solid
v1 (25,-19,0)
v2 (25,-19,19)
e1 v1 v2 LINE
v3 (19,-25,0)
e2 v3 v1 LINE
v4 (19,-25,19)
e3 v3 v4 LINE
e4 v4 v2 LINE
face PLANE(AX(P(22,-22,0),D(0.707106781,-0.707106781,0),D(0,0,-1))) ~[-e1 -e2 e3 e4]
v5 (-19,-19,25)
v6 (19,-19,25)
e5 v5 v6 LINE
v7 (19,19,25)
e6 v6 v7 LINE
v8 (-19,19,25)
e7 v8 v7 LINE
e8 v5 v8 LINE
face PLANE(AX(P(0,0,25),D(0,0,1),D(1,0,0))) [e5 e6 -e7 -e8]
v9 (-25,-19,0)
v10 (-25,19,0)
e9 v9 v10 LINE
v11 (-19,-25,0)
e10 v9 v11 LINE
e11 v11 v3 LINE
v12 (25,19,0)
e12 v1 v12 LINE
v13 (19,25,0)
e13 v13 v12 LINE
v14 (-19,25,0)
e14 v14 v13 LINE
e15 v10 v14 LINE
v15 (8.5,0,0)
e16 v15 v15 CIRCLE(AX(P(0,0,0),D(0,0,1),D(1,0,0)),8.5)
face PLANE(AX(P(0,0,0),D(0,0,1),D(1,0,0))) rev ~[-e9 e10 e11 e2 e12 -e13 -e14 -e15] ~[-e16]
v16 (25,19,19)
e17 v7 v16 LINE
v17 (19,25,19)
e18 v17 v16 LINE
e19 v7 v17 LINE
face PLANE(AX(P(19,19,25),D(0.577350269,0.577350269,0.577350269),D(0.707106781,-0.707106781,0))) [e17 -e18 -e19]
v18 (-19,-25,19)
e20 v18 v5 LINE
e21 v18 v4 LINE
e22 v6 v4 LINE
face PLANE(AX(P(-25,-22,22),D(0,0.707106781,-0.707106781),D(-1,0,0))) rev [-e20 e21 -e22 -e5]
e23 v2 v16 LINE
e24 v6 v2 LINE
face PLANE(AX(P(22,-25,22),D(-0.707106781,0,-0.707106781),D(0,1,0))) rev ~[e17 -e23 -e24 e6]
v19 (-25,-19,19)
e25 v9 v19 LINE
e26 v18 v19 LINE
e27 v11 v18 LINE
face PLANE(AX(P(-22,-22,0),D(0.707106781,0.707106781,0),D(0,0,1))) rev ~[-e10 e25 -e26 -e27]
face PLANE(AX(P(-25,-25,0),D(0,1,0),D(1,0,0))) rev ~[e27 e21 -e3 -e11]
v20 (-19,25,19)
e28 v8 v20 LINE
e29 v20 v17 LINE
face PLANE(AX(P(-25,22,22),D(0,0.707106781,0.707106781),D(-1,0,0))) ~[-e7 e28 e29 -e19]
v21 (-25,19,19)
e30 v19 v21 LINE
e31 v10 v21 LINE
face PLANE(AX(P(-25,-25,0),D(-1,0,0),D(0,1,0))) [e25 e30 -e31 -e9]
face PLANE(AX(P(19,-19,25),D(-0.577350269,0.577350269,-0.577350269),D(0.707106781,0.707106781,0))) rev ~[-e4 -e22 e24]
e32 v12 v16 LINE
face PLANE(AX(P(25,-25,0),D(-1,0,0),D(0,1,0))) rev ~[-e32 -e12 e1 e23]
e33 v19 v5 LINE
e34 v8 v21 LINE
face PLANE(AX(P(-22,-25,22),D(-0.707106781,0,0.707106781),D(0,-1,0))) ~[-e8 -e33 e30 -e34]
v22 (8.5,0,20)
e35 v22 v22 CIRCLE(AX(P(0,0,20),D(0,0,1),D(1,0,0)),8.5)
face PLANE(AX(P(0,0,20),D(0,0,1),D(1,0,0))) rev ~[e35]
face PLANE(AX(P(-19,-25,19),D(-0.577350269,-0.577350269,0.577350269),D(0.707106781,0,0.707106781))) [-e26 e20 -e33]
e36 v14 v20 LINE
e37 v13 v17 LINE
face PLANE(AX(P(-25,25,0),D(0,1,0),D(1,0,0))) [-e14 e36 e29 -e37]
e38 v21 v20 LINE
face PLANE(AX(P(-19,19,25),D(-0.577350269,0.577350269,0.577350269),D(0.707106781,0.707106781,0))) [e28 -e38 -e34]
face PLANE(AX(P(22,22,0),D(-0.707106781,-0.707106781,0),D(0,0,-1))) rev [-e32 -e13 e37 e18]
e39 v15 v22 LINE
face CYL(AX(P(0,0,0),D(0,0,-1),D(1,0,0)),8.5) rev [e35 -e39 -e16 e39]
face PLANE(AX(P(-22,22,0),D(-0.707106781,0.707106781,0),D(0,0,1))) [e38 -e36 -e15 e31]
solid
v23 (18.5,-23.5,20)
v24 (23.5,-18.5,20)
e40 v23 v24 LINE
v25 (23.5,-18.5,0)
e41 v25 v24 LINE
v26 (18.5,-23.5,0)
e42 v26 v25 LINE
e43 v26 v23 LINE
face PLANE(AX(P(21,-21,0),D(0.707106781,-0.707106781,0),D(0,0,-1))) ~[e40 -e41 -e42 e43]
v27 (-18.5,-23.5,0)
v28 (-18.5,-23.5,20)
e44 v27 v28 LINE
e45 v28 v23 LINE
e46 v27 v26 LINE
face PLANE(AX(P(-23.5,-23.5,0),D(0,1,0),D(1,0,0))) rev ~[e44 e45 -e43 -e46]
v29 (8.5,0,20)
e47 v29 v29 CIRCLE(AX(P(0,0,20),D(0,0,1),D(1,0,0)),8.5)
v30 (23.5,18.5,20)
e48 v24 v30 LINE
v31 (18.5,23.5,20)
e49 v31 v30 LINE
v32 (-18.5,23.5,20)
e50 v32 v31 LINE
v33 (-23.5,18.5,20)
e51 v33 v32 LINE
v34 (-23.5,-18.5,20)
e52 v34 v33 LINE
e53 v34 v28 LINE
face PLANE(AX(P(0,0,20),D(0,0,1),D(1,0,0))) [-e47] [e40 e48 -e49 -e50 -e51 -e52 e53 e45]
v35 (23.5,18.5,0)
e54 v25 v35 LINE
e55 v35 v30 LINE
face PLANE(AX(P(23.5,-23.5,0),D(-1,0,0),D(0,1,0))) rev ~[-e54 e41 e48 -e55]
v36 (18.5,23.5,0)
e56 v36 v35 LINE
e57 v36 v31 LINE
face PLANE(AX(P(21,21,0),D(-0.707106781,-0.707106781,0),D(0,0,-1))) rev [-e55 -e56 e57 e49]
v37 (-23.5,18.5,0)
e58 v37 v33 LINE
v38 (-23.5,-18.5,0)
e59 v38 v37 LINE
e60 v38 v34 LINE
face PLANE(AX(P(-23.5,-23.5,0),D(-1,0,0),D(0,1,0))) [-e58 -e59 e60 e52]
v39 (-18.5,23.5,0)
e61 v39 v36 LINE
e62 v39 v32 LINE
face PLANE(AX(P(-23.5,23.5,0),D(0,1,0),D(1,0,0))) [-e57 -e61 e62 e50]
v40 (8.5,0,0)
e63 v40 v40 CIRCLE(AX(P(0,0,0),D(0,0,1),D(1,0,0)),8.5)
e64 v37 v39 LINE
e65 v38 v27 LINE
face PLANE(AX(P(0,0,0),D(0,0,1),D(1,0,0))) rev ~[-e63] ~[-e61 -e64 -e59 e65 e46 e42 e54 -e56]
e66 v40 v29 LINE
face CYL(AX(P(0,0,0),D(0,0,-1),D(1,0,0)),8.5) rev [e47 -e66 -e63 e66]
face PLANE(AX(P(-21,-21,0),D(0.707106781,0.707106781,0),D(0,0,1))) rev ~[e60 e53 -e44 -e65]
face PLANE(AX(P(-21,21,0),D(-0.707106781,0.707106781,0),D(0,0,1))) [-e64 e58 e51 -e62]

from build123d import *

# Parameters (mm, degrees)
F1_W     = 50
F1_H     = 50
F3_DEPTH = 25
F0_W     = 47
F0_H     = 47
F0_R     = 8.5
F4_DEPTH = 20
F2_R     = 8.5
F5_DEPTH = 20
F6_SIZE  = 6
F7_SIZE  = 5


with BuildPart() as f3:
    # F1 (on Top) → F3 (new body)
    with BuildSketch(Plane.XY):
        Rectangle(F1_W, F1_H)
    extrude(amount=F3_DEPTH)

    # F2 (on Top) → F5 (cut)
    with BuildSketch(Plane.XY):
        Circle(F2_R)
    extrude(amount=F5_DEPTH, mode=Mode.SUBTRACT)

    # F6
    f6_edges = [f3.edges().sort_by_distance(p)[0] for p in [
        (-25, 25, 12.5),
        (-25, 0, 25),
        (-25, -25, 12.5),
        (25, -25, 12.5),
        (25, 25, 12.5),
        (0, 25, 25),
        (0, -25, 25),
        (25, 0, 25),
    ]]
    chamfer(f6_edges, length=F6_SIZE)


with BuildPart() as f4:
    # F0 (on Top) → F4 (new body)
    with BuildSketch(Plane.XY):
        Rectangle(F0_W, F0_H)
        Circle(F0_R, mode=Mode.SUBTRACT)
    extrude(amount=F4_DEPTH)

    # F7
    f7_edges = [f4.edges().sort_by_distance(p)[0] for p in [
        (23.5, 23.5, 10),
        (-23.5, 23.5, 10),
        (-23.5, -23.5, 10),
        (23.5, -23.5, 10),
    ]]
    chamfer(f7_edges, length=F7_SIZE)


solid = Compound([f3.part, f4.part])
